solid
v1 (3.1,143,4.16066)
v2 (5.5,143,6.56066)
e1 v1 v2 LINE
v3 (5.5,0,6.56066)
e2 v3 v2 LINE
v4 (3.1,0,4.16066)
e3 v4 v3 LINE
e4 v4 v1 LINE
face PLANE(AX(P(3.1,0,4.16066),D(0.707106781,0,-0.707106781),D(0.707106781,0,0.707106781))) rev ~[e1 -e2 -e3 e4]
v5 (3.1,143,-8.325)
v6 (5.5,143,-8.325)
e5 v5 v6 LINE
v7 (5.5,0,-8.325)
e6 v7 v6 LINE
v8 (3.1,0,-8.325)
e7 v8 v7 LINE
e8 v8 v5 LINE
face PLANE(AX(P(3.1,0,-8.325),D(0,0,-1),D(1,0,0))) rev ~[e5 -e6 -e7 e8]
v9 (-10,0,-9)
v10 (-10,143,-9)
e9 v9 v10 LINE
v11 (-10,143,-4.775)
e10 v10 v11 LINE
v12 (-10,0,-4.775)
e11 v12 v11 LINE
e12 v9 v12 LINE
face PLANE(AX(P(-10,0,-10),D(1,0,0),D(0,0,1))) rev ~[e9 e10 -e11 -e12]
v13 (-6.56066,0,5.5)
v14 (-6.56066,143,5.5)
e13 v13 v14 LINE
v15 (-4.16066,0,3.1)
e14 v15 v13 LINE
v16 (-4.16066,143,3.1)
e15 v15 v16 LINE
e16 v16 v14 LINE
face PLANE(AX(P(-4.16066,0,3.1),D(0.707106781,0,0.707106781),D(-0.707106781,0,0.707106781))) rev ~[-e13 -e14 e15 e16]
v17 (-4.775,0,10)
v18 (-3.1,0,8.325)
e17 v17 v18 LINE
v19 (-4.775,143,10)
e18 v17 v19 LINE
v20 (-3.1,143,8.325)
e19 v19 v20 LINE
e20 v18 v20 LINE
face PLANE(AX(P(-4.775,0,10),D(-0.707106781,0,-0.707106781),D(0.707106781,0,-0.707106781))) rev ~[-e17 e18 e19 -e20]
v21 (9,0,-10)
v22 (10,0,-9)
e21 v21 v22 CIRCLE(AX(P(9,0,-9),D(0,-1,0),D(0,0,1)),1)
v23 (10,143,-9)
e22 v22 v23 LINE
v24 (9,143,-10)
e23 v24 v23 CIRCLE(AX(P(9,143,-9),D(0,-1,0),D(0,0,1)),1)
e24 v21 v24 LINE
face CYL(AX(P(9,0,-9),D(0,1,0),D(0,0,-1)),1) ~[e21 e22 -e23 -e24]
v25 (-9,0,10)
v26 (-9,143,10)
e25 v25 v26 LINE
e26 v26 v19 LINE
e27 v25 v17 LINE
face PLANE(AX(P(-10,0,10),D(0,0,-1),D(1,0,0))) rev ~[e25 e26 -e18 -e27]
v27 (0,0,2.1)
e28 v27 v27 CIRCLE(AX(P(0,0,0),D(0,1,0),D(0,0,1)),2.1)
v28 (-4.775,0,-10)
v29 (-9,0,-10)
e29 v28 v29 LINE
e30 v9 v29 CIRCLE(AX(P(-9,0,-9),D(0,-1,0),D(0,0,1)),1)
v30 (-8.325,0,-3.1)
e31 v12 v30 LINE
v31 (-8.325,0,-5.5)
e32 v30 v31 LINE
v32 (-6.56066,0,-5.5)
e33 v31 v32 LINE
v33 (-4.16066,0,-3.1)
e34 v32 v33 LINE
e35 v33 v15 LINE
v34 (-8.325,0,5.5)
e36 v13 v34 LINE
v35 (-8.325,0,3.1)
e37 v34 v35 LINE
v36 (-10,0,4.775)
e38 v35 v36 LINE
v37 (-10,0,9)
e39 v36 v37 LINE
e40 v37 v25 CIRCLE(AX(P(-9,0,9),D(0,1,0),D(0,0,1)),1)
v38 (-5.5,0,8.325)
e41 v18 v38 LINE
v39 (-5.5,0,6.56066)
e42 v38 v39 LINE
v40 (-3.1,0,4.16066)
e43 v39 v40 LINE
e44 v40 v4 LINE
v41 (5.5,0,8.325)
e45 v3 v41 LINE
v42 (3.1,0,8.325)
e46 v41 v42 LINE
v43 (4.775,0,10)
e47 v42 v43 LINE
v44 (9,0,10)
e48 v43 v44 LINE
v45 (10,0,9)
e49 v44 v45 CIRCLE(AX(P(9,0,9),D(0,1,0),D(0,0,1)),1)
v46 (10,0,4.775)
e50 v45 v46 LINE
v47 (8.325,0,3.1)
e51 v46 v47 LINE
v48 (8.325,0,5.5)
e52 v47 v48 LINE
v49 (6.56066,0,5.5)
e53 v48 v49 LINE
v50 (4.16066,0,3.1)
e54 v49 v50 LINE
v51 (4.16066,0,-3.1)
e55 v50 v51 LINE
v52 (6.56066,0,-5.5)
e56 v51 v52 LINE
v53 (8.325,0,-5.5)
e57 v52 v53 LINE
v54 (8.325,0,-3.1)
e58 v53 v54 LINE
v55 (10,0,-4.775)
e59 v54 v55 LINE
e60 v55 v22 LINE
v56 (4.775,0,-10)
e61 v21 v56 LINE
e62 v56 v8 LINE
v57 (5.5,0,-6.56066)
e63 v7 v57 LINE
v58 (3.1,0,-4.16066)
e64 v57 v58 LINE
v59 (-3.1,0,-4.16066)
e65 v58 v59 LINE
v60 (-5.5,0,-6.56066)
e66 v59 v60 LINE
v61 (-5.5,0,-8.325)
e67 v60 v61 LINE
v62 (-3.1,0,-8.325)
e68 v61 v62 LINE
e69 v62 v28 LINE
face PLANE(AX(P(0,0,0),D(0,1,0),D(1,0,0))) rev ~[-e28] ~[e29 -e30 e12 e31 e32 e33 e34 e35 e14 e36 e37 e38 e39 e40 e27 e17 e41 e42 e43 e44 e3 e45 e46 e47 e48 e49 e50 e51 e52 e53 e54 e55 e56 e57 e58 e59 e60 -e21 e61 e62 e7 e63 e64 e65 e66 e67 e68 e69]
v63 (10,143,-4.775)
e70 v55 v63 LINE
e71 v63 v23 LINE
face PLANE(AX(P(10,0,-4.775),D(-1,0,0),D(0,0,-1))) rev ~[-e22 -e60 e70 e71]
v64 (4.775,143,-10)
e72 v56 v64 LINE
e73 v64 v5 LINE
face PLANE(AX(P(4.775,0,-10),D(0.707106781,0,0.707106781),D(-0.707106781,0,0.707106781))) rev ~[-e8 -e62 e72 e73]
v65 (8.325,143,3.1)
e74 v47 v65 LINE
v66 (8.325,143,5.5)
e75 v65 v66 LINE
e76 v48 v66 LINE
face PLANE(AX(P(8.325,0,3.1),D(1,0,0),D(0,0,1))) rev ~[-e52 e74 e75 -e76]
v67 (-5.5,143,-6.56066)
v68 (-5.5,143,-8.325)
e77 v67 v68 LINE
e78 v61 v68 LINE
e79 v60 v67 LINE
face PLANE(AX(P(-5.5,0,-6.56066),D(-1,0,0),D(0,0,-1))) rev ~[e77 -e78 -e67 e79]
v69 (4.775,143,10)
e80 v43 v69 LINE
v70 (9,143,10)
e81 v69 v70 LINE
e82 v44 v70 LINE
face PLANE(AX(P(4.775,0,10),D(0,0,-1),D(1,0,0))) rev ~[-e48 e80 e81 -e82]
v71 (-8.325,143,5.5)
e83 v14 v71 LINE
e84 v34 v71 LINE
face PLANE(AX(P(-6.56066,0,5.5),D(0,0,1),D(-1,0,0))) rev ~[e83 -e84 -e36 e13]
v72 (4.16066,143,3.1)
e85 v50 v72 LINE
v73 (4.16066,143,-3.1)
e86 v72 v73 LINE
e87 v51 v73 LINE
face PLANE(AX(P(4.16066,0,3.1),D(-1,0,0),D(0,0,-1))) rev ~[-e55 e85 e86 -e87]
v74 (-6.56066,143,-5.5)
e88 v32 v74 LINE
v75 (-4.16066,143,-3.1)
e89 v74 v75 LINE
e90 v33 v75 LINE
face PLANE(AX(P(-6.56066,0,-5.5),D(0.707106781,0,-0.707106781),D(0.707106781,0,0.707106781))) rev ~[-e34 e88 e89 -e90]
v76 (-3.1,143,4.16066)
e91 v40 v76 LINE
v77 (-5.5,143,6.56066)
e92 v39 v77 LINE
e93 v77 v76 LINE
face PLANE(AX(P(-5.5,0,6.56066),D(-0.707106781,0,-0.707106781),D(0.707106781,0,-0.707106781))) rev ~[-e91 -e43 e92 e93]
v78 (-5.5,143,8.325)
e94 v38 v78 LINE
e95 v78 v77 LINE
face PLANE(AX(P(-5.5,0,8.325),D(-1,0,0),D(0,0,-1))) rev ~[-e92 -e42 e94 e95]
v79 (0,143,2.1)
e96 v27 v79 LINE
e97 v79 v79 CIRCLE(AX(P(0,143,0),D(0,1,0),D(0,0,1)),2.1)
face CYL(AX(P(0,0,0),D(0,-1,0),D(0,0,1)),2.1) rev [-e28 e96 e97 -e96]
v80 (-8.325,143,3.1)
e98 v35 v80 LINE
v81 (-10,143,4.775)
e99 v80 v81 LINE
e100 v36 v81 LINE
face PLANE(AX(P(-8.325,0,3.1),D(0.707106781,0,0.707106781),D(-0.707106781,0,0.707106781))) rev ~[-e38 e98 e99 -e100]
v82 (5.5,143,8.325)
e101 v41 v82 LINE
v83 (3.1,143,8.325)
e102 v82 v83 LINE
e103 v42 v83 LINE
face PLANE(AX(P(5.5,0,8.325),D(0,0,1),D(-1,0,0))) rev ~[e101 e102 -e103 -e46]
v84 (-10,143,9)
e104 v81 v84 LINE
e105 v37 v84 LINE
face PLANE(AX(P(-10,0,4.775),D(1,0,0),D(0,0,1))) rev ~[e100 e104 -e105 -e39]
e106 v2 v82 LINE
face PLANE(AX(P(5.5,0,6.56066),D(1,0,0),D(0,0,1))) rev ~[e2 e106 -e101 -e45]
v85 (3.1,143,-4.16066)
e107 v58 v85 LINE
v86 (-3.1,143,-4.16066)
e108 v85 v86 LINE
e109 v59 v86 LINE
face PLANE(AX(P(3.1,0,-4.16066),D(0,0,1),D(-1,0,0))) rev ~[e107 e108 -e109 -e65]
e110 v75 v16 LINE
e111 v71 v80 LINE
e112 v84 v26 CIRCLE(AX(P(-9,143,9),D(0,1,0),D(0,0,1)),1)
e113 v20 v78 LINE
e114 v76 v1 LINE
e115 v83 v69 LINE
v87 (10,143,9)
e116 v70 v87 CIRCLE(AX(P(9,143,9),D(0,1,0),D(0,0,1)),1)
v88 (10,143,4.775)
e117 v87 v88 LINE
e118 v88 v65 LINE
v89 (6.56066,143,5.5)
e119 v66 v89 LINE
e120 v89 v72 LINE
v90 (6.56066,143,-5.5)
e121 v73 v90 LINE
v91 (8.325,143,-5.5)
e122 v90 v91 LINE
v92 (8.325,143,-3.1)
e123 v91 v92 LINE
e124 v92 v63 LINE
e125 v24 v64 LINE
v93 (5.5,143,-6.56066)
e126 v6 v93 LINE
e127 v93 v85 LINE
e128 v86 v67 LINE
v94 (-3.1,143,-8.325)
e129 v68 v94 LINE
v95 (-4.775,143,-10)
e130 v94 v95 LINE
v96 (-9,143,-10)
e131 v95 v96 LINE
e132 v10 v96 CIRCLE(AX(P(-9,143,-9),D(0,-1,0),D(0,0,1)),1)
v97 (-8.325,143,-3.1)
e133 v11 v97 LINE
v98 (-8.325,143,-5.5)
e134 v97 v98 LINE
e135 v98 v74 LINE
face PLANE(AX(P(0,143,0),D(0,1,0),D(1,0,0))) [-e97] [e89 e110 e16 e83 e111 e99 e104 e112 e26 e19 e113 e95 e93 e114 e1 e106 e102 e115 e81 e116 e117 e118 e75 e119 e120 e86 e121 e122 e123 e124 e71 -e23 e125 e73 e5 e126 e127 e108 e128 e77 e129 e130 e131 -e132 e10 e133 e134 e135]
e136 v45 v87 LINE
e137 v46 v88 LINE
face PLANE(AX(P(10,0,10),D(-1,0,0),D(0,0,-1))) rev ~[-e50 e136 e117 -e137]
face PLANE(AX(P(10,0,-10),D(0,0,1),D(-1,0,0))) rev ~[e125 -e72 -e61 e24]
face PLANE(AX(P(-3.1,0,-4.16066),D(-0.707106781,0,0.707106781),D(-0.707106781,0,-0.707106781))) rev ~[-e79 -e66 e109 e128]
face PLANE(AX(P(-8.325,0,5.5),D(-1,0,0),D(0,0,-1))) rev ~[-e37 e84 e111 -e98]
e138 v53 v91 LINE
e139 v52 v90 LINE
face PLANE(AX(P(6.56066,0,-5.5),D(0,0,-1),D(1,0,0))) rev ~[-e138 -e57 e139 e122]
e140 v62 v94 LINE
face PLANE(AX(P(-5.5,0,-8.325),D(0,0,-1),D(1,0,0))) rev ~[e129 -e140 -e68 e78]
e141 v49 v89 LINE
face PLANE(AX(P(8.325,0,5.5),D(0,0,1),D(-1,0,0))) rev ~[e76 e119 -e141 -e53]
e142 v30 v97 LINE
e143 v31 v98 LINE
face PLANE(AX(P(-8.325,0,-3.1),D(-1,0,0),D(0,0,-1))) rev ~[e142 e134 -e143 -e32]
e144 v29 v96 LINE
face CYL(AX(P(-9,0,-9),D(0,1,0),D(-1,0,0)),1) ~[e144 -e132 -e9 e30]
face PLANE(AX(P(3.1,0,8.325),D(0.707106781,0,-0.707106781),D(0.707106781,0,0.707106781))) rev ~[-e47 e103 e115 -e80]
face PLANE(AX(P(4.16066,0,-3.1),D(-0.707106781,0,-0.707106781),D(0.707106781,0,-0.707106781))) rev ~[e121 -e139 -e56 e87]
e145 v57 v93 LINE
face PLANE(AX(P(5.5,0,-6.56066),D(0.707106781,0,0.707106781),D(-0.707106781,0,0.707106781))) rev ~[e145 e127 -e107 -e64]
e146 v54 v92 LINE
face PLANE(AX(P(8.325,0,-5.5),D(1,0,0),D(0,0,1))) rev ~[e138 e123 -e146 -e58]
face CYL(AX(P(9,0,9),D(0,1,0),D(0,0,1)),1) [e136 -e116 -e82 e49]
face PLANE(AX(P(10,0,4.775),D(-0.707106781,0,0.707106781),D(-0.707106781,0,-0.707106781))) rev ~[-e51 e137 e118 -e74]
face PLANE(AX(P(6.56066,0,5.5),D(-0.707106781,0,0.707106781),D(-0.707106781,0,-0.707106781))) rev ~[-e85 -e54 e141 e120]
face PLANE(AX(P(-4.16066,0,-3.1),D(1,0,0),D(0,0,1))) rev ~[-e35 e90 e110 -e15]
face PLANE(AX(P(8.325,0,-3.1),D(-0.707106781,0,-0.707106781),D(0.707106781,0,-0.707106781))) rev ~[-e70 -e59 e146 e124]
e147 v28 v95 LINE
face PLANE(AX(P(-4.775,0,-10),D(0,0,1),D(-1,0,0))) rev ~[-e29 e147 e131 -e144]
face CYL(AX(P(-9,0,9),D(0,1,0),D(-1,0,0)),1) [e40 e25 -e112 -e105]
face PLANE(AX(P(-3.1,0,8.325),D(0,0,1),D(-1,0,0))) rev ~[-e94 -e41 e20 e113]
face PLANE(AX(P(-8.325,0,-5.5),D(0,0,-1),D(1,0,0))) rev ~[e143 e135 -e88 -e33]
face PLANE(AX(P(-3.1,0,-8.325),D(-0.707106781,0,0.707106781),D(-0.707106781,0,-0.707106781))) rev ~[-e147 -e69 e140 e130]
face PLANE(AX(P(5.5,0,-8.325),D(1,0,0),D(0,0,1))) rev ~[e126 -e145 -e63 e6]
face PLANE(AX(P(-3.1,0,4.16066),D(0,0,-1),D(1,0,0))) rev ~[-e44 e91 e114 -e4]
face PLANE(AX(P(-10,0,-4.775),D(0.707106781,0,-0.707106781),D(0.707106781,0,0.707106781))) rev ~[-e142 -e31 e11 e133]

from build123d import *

# Parameters (mm, degrees)
MASTERLAYOUTSKETCH_R = 2.1
MAIN_EXTRUSION_DEPTH = 143
EDGE_FILLETS_R       = 1


with BuildPart() as part:
    # MasterLayoutSketch → Main Extrusion (new body)
    with BuildSketch(Plane(origin=(0, 0, 0), x_dir=(1, 0, 0), z_dir=(0, 1, 0))):
        Polygon((-8.325, 3.1), (-8.325, 5.5), (-6.560660172, 5.5), (-4.160660172, 3.1), (-4.160660172, -3.1), (-6.560660172, -5.5), (-8.325, -5.5), (-8.325, -3.1), (-10, -4.775), (-10, -10), (-4.775, -10), (-3.1, -8.325), (-5.5, -8.325), (-5.5, -6.560660172), (-3.1, -4.160660172), (3.1, -4.160660172), (5.5, -6.560660172), (5.5, -8.325), (3.1, -8.325), (4.775, -10), (10, -10), (10, -4.775), (8.325, -3.1), (8.325, -5.5), (6.560660172, -5.5), (4.160660172, -3.1), (4.160660172, 3.1), (6.560660172, 5.5), (8.325, 5.5), (8.325, 3.1), (10, 4.775), (10, 10), (4.775, 10), (3.1, 8.325), (5.5, 8.325), (5.5, 6.560660172), (3.1, 4.160660172), (-3.1, 4.160660172), (-5.5, 6.560660172), (-5.5, 8.325), (-3.1, 8.325), (-4.775, 10), (-10, 10), (-10, 4.775), align=None)
        with Locations(Location((0, 0, 0), (0, 0, 270))):
            Circle(MASTERLAYOUTSKETCH_R, mode=Mode.SUBTRACT)
    extrude(amount=MAIN_EXTRUSION_DEPTH)

    # Edge Fillets
    edge_fillets_edges = [part.edges().sort_by_distance(p)[0] for p in [
        (10, 71.5, -10),
        (10, 71.5, 10),
        (-10, 71.5, 10),
        (-10, 71.5, -10),
    ]]
    fillet(edge_fillets_edges, radius=EDGE_FILLETS_R)


solid = part.part
